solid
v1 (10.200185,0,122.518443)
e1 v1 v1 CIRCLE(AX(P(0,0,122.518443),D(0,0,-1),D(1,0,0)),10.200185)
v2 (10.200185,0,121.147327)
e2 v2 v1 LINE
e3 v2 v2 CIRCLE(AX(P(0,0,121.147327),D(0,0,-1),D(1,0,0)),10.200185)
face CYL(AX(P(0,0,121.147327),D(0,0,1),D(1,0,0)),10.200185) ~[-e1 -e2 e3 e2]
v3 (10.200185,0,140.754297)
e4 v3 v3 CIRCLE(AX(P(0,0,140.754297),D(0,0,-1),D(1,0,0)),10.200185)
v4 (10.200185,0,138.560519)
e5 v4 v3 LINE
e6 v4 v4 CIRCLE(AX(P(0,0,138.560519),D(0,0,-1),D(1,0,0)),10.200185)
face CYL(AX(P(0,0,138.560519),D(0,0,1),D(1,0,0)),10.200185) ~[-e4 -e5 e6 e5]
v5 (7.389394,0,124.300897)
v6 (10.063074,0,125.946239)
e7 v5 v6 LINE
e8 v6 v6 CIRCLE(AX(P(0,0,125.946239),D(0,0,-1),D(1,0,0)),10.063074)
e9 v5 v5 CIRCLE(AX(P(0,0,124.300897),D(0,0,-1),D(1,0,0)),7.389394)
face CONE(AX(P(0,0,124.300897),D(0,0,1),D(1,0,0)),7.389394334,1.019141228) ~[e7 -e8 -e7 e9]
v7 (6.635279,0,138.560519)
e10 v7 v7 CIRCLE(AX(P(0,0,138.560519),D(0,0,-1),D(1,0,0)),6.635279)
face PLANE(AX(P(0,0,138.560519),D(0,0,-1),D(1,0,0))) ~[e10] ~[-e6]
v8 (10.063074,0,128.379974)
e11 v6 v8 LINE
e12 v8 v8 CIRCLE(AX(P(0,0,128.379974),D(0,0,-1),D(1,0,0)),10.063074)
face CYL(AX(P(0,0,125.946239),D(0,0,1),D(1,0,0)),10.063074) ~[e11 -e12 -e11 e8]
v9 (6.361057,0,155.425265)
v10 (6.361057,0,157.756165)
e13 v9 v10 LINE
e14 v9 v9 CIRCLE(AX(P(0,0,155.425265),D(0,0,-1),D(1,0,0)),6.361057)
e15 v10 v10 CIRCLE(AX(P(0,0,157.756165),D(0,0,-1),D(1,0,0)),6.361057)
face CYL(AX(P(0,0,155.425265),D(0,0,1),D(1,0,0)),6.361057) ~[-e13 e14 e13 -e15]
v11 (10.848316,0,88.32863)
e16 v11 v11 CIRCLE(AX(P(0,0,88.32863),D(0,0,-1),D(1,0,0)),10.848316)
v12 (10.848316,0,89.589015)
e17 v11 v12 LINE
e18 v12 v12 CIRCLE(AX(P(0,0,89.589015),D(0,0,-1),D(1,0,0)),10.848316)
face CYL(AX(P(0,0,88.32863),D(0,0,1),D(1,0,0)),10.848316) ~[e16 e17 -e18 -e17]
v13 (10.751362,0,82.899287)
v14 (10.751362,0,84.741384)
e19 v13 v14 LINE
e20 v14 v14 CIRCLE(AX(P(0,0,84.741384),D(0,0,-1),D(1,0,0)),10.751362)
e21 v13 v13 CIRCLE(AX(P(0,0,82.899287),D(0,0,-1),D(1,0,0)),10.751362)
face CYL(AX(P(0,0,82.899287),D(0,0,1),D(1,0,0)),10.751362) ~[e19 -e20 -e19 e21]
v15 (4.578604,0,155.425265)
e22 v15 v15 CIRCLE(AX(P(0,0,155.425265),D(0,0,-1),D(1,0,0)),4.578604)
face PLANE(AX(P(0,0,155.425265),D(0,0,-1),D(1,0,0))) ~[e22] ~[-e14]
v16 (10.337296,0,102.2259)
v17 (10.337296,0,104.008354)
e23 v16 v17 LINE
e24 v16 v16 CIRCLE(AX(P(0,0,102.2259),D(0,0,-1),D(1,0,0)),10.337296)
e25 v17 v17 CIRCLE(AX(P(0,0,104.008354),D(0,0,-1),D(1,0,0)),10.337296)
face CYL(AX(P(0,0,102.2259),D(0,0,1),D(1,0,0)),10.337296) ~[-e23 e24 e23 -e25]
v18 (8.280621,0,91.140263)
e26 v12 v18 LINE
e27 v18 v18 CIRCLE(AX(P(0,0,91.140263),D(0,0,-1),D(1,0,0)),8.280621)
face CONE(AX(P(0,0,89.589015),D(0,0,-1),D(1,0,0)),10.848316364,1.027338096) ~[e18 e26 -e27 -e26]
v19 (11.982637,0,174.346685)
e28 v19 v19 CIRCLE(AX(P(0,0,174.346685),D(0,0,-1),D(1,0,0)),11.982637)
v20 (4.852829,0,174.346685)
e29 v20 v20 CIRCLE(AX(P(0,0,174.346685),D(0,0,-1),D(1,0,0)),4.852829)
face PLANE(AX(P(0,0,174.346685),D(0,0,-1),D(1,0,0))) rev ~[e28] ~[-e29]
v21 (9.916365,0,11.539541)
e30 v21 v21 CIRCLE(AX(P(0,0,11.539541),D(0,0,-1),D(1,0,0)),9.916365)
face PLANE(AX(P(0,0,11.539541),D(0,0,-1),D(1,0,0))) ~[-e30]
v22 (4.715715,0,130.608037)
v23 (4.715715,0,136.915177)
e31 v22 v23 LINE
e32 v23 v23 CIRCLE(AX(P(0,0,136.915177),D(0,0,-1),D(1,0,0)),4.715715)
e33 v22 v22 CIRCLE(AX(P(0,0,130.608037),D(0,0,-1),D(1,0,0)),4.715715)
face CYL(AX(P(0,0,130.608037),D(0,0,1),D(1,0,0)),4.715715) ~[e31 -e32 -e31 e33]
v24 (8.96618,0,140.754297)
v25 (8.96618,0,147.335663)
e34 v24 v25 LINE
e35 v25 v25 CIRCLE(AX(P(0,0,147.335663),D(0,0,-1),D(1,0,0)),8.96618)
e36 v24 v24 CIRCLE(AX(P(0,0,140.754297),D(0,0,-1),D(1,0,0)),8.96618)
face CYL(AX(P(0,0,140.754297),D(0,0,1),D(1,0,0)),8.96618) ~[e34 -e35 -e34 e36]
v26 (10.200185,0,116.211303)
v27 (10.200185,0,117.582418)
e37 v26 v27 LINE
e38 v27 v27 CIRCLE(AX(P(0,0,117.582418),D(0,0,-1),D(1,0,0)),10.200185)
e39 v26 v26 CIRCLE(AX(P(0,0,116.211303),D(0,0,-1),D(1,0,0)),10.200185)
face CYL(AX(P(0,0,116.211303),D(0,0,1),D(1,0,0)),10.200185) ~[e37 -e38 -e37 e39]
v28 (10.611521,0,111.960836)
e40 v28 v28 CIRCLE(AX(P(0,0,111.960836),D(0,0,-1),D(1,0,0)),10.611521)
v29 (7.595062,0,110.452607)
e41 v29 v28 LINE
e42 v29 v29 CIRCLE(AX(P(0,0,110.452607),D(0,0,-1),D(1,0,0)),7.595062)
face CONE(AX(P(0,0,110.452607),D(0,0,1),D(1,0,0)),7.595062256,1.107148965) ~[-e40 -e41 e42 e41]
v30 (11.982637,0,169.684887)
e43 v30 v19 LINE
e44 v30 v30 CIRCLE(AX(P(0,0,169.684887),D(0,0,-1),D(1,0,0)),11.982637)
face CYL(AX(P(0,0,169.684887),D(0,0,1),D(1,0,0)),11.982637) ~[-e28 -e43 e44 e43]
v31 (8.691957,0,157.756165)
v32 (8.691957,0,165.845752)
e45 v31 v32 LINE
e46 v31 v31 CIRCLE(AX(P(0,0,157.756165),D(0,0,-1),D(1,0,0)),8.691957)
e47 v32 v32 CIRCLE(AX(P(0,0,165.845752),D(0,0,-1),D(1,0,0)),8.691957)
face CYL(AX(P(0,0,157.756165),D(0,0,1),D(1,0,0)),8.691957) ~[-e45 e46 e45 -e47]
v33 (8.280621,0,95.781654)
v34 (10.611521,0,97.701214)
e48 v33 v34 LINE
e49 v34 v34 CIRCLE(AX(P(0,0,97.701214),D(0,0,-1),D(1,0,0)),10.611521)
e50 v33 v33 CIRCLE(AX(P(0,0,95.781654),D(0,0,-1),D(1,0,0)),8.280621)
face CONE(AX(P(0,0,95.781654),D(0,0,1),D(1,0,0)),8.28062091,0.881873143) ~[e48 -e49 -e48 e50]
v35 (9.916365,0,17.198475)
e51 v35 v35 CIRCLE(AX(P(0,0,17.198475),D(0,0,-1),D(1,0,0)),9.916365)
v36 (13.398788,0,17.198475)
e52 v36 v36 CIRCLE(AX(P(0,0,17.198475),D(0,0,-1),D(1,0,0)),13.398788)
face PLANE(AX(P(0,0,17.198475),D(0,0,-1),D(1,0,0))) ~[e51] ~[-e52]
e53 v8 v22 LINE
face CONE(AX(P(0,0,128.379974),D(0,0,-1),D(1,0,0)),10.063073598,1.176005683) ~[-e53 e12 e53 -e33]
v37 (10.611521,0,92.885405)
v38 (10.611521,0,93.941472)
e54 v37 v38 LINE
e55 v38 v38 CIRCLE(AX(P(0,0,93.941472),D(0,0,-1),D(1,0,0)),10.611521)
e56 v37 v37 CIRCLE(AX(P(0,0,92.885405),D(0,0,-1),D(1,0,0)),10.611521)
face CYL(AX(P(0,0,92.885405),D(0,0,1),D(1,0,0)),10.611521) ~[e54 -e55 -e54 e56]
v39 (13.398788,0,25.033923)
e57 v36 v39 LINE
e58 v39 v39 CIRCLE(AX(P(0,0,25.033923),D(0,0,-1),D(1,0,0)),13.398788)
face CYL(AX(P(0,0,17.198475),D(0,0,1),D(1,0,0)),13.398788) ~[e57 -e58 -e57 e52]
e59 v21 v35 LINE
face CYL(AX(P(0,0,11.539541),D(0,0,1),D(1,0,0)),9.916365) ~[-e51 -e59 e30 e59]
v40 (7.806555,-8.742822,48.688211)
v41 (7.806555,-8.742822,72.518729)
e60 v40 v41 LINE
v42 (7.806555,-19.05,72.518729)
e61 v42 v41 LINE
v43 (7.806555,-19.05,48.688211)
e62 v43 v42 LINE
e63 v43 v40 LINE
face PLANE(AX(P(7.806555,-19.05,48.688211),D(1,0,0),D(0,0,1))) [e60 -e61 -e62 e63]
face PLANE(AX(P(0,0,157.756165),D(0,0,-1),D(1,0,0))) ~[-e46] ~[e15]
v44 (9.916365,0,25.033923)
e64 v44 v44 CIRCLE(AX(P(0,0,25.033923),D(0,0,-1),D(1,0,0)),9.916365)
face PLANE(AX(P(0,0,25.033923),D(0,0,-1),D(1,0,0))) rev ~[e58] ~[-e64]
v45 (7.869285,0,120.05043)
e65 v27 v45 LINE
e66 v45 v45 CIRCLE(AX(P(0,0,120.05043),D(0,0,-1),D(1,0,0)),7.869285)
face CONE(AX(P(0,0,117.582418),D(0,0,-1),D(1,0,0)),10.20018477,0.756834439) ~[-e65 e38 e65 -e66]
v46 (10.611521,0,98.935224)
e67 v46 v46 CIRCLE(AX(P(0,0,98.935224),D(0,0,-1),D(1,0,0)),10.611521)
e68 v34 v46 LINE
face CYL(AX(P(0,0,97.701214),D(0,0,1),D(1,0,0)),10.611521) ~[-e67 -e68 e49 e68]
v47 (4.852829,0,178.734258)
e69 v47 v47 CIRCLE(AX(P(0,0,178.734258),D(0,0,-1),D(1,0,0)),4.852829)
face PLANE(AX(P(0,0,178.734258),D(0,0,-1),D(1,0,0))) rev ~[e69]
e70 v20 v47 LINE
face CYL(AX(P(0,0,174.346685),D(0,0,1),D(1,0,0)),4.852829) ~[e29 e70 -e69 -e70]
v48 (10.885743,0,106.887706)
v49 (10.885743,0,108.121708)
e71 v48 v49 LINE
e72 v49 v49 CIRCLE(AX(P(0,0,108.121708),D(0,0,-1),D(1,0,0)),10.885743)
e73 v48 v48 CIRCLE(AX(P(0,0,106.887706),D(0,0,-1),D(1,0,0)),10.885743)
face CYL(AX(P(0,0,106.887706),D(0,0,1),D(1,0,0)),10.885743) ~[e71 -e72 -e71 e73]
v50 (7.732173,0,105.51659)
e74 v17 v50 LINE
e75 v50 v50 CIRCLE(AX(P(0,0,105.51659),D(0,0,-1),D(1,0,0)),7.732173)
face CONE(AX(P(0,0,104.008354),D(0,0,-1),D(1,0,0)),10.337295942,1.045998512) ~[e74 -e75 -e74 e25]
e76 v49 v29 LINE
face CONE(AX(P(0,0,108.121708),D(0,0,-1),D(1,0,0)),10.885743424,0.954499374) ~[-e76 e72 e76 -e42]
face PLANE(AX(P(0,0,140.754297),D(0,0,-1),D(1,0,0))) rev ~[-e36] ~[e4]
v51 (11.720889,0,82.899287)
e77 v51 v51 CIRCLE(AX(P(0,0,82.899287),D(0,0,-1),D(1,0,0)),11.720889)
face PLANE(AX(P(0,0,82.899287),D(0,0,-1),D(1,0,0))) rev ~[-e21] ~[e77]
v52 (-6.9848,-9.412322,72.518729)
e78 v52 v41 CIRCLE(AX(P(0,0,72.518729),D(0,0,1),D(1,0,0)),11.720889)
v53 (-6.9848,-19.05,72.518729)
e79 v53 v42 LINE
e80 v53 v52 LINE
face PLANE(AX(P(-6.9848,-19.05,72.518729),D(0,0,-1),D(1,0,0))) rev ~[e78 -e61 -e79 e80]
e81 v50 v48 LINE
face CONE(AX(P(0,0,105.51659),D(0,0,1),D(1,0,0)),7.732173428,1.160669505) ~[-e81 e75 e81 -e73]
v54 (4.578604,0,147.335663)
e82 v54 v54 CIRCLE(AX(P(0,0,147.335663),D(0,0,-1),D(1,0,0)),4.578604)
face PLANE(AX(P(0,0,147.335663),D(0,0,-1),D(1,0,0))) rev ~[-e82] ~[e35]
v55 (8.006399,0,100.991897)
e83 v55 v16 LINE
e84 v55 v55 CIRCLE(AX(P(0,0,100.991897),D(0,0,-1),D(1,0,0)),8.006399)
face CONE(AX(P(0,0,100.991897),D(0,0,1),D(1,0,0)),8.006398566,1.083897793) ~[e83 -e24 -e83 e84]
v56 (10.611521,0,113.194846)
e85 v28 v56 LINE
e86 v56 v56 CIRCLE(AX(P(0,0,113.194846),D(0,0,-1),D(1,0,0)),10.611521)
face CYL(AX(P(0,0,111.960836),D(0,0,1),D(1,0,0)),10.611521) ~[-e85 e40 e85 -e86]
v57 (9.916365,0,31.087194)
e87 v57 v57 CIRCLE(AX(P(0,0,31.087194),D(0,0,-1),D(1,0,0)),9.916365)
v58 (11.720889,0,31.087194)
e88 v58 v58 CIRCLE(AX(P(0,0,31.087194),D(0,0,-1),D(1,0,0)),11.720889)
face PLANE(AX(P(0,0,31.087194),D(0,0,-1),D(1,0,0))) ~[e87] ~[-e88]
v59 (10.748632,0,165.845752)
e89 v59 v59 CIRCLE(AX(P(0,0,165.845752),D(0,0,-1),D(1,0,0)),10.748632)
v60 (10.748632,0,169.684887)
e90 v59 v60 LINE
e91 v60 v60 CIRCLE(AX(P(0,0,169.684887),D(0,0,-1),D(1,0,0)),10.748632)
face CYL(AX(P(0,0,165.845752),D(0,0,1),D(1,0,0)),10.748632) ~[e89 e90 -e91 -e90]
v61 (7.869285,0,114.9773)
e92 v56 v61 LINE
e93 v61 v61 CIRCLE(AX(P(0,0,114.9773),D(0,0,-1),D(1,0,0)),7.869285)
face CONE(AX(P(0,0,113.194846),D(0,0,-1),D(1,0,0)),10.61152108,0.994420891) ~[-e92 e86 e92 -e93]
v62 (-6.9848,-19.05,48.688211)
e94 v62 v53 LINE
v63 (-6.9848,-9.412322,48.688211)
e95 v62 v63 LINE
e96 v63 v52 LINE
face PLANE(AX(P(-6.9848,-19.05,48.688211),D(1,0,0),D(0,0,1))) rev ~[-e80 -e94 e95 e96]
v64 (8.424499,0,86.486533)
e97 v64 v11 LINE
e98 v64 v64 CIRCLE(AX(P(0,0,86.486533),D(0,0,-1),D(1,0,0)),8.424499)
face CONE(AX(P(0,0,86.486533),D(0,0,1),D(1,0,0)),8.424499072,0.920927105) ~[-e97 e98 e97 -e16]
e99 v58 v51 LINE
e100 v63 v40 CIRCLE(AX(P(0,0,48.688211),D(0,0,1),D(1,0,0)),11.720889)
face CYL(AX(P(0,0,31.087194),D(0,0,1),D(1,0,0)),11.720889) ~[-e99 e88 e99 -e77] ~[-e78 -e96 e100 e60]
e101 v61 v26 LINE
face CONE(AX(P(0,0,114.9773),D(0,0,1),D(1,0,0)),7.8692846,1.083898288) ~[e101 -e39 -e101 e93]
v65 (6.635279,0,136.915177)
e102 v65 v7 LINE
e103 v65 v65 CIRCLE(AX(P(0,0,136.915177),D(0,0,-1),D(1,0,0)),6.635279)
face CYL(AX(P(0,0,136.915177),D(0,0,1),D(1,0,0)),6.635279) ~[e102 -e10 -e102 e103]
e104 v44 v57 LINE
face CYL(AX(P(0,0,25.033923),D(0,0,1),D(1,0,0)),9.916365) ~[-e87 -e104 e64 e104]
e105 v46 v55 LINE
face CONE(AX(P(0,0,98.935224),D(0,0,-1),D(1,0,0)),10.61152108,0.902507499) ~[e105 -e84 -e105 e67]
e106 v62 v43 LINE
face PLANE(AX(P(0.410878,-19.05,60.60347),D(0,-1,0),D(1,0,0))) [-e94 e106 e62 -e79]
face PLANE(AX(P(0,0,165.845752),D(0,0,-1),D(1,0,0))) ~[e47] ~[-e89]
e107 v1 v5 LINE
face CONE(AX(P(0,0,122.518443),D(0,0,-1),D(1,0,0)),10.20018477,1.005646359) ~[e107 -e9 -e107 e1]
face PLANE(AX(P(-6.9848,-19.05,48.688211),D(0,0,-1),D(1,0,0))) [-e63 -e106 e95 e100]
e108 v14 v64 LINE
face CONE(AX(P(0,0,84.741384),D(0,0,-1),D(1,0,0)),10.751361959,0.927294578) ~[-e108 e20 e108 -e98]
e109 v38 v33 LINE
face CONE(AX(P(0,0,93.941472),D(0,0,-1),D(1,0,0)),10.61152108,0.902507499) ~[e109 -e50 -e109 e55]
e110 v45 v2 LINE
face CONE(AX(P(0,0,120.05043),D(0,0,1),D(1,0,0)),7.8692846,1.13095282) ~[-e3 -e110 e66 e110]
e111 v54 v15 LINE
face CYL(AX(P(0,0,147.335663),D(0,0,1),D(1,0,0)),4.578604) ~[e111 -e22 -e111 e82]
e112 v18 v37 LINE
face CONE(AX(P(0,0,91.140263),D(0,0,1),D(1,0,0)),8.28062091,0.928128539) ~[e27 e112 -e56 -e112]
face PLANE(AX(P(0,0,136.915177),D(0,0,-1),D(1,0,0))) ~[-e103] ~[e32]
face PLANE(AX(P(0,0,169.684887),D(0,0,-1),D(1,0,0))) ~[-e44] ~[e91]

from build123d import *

# Parameters (mm, degrees)
F3_W = 14.7913554683
F3_H = 23.8305181265


with BuildPart() as f1:
    # F0 (on Front) → F1 (revolve)
    with BuildSketch(Plane.XZ):
        Polygon((4.8528290354, 178.7342578173), (0, 178.7342578173), (0, 11.5395411849), (9.9163651466, 11.5395411849), (9.9163651466, 17.1984750777), (13.3987879381, 17.1984750777), (13.3987879381, 25.033922866), (9.9163651466, 25.033922866), (9.9163651466, 31.0871936381), (11.720889248, 31.0871936381), (11.720889248, 82.899287343), (10.7513619587, 82.899287343), (10.7513619587, 84.741383791), (8.4244990721, 86.4865332842), (10.848316364, 88.3286297321), (10.848316364, 89.5890146494), (8.2806209102, 91.1402627826), (10.6115210801, 92.8854048252), (10.6115210801, 93.9414720115), (8.2806209102, 95.7816541195), (10.6115210801, 97.7012142539), (10.6115210801, 98.9352241158), (8.0063985661, 100.991897285), (10.337295942, 102.2258996964), (10.337295942, 104.0083542466), (7.7321734279, 105.516590178), (10.8857434243, 106.8877056241), (10.8857434243, 108.1217080355), (7.5950622559, 110.4526072741), (10.6115210801, 111.9608357549), (10.6115210801, 113.1948456168), (7.8692846, 114.9773001671), (10.2001847699, 116.2113025784), (10.2001847699, 117.5824180245), (7.8692846, 120.0504302979), (10.2001847699, 121.1473271251), (10.2001847699, 122.5184425712), (7.3893943336, 124.3008971214), (10.0630735978, 125.946238637), (10.0630735978, 128.3799740454), (4.7157150693, 130.6080371141), (4.7157150693, 136.9151771069), (6.635278929, 136.9151771069), (6.635278929, 138.5605186224), (10.2001847699, 138.5605186224), (10.2001847699, 140.7542973757), (8.9661795646, 140.7542973757), (8.9661795646, 147.3356634378), (4.5786038972, 147.3356634378), (4.5786038972, 155.4252654314), (6.3610565849, 155.4252654314), (6.3610565849, 157.75616467), (8.6919572204, 157.75616467), (8.6919572204, 165.8457517624), (10.7486322522, 165.8457517624), (10.7486322522, 169.6848869324), (11.9826374575, 169.6848869324), (11.9826374575, 174.3466854095), (4.8528290354, 174.3466854095), align=None)
    revolve(axis=Axis((0, 0, 116.0148456693), (0, 0, -1)))

    # F3 (on offset) → F4 (join, up to the next surface of F1)
    with BuildSketch(Plane.XZ.offset(19.05)):
        with Locations((0.4108776338, 60.6034696102)):
            Rectangle(F3_W, F3_H)
    extrude(until=Until.NEXT, dir=(0, 1, 0))


solid = f1.part
